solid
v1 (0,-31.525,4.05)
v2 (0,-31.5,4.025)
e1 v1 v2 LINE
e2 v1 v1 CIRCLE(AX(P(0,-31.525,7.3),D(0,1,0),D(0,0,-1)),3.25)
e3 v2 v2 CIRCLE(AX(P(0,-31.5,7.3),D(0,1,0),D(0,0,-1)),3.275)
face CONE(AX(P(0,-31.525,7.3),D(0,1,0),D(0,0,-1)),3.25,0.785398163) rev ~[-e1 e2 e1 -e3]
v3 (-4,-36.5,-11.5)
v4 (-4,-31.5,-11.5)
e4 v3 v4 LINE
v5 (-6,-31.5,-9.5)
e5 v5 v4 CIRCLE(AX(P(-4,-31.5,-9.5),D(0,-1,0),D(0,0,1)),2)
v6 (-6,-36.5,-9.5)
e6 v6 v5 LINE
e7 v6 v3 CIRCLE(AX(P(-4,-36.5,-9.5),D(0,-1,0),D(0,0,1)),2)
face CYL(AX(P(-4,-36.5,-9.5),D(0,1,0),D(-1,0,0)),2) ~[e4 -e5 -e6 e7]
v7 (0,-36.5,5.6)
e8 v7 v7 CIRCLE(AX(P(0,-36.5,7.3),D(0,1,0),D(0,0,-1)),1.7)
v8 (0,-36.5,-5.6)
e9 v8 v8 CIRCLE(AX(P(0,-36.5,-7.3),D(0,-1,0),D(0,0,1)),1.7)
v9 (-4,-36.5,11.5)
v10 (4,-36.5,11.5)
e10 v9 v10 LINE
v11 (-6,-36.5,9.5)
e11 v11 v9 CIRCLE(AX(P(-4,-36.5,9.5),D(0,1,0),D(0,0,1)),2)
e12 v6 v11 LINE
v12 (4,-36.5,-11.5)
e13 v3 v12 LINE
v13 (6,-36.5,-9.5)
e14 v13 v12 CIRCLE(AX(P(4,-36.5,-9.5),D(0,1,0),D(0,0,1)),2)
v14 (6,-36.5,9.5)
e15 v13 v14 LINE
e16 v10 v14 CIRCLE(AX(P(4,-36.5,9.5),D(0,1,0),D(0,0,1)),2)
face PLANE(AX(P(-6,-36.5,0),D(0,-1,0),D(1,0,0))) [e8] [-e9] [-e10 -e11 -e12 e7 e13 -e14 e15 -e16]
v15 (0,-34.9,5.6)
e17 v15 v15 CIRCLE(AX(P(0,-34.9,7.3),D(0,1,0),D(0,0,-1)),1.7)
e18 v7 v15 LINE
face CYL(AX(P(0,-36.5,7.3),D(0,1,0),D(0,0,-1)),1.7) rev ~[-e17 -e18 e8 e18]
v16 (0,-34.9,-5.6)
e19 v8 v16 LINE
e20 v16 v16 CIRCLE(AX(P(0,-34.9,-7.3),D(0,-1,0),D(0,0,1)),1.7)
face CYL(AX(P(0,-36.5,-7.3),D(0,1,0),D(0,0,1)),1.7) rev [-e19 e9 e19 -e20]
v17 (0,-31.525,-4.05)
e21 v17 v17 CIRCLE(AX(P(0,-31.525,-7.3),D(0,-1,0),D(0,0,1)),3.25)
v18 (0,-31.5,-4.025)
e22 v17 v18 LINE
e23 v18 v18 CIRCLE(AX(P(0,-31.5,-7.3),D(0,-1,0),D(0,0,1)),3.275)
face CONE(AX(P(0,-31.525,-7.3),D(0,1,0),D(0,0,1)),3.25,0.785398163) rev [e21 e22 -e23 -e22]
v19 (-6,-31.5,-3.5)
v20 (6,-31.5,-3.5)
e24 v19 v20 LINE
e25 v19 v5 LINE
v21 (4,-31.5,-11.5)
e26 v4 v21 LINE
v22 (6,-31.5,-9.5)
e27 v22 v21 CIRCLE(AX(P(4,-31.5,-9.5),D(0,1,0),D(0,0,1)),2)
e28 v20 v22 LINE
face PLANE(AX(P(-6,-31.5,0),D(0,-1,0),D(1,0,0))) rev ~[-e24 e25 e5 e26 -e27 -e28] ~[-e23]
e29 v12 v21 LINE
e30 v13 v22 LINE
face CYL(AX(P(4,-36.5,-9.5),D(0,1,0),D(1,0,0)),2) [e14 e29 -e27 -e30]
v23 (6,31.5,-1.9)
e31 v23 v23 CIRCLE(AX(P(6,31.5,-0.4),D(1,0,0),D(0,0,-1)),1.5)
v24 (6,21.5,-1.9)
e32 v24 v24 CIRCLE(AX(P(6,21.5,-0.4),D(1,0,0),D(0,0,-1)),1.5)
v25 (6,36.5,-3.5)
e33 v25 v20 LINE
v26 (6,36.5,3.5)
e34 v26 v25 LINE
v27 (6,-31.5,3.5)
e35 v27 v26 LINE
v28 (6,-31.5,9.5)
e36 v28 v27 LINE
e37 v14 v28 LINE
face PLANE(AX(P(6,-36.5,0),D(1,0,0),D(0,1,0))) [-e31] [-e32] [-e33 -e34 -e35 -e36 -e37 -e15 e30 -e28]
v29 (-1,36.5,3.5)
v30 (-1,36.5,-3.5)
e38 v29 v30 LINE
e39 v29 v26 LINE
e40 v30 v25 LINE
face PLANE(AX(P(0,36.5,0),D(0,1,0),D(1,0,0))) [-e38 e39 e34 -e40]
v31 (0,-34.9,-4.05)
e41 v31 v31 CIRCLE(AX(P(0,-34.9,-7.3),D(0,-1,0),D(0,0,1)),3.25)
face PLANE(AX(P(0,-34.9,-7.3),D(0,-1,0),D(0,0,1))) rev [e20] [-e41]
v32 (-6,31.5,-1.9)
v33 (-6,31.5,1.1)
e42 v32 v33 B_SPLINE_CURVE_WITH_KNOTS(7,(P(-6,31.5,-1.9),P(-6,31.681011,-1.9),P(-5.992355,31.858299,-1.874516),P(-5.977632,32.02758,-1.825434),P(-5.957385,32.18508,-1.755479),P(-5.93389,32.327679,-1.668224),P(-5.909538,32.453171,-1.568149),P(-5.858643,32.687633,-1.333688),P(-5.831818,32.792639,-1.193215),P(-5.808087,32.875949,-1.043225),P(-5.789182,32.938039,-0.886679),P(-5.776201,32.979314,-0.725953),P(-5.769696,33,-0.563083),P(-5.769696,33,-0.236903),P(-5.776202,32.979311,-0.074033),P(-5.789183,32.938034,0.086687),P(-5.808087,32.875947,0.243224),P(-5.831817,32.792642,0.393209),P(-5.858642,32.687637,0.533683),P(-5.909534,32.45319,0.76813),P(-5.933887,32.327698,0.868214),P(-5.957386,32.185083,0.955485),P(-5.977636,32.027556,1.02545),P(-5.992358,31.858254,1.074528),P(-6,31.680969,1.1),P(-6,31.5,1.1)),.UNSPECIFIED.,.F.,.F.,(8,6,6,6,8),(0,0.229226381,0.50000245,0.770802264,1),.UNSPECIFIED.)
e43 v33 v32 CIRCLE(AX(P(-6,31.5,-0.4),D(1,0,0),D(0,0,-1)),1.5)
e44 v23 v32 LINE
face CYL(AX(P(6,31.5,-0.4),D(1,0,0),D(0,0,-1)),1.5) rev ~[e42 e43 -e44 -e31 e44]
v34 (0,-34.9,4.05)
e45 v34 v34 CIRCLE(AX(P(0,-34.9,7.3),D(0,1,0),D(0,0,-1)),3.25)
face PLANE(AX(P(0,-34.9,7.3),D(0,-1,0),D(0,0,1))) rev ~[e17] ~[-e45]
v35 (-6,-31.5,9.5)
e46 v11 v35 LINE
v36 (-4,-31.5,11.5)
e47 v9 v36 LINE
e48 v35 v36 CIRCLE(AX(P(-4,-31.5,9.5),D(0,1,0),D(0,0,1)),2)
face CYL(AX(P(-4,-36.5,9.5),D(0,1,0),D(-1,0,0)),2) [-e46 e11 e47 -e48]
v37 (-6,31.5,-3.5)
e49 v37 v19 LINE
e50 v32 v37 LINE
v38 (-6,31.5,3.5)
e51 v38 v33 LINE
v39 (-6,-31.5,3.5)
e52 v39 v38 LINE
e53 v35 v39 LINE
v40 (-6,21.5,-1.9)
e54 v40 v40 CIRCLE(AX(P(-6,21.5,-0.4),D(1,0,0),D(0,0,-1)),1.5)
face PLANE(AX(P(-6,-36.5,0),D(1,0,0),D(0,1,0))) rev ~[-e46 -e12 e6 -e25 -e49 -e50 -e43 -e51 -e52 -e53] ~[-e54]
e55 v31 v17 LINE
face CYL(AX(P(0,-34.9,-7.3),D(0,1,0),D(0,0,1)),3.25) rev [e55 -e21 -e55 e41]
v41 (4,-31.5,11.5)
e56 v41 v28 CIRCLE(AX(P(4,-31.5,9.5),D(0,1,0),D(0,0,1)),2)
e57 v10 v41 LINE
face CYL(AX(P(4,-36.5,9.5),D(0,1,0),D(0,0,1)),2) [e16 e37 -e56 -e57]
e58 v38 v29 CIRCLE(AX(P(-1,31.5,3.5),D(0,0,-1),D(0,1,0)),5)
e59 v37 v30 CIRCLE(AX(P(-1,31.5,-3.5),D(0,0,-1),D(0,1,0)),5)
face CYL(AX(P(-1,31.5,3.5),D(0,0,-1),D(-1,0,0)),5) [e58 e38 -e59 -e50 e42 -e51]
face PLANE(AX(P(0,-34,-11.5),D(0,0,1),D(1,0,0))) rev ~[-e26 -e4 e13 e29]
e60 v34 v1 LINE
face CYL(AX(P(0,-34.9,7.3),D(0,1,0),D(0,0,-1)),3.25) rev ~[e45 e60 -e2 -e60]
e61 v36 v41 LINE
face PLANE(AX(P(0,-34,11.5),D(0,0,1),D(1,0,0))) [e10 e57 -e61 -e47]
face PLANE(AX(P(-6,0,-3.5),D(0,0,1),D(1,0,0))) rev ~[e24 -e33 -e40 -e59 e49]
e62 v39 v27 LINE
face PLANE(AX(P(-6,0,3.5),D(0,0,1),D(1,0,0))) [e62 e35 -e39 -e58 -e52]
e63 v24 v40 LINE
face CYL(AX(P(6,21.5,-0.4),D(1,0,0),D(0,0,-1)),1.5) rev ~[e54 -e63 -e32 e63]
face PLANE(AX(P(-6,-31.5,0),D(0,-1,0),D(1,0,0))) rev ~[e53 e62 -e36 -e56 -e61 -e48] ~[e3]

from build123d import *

# Parameters (mm, degrees)
SKETCH1_W           = 12
SKETCH1_H           = 7
BOSS_EXTRUDE1_DEPTH = 36.5
SKETCH3_W           = 12
SKETCH3_H           = 5
BOSS_EXTRUDE2_DEPTH = 11.5
FILLET1_R           = 2
FILLET2_R           = 5
CUT_EXTRUDE1_REACH  = 14
SKETCH7_R           = 1.5


with BuildPart() as part:
    # Sketch1 → Boss-Extrude1 (new body, symmetric)
    with BuildSketch(Plane(origin=(0, 0, 0), x_dir=(1, 0, 0), z_dir=(0, 1, 0))):
        Rectangle(SKETCH1_W, SKETCH1_H)
    extrude(amount=BOSS_EXTRUDE1_DEPTH, both=True)

    # Sketch3 → Boss-Extrude2 (add, symmetric)
    with BuildSketch(Plane.XY):
        with Locations((0, -34)):
            Rectangle(SKETCH3_W, SKETCH3_H)
    extrude(amount=BOSS_EXTRUDE2_DEPTH, both=True)

    # Fillet1
    fillet1_edges = [part.edges().sort_by_distance(p)[0] for p in [
        (-6, -34, -11.5),
        (6, -34, -11.5),
        (-6, -34, 11.5),
        (6, -34, 11.5),
    ]]
    fillet(fillet1_edges, radius=FILLET1_R)

    # Sketch6 → CBORE for M3 Hex Socket Head Cap Screw1 (revolve, cut)
    with BuildSketch(Plane(origin=(0, -31.5, -7.3), x_dir=(0, 0, 1), z_dir=(1, 0, 0))):
        Polygon((0, 0), (0, 5), (1.7, 5), (1.7, 3.4), (3.25, 3.4), (3.25, 0.025), (3.275, 0), align=None)
    cbore_for_m3_hex_socket_head_cap_screw1 = revolve(axis=Axis((0, -25.15, -7.3), (0, -1, 0)), mode=Mode.SUBTRACT)

    # Mirror1: CBORE for M3 Hex Socket Head Cap Screw1 across plane
    add(cbore_for_m3_hex_socket_head_cap_screw1.mirror(Plane.XY), mode=Mode.SUBTRACT)

    # Fillet2
    fillet2_edges = [part.edges().sort_by_distance(p)[0] for p in [
        (-6, 36.5, 0),
    ]]
    fillet(fillet2_edges, radius=FILLET2_R)

    # Sketch7 → Cut-Extrude1 (cut, up to next)
    with BuildSketch(Plane(origin=(6, 0, 0), x_dir=(0, 0, -1), z_dir=(1, 0, 0)), mode=Mode.PRIVATE) as cut_extrude1_sk1:
        with Locations((0.4, 31.5)):
            Circle(SKETCH7_R)
    cut_extrude1_tool1 = extrude(cut_extrude1_sk1.sketch, amount=-CUT_EXTRUDE1_REACH, mode=Mode.PRIVATE) & part.part
    add(cut_extrude1_tool1.solids().sort_by_distance((6, 31.5, -0.4))[0], mode=Mode.SUBTRACT)
    # Sketch7 → Cut-Extrude1 (cut, up to next)
    with BuildSketch(Plane(origin=(6, 0, 0), x_dir=(0, 0, -1), z_dir=(1, 0, 0)), mode=Mode.PRIVATE) as cut_extrude1_sk2:
        with Locations((0.4, 21.5)):
            Circle(SKETCH7_R)
    cut_extrude1_tool2 = extrude(cut_extrude1_sk2.sketch, amount=-CUT_EXTRUDE1_REACH, mode=Mode.PRIVATE) & part.part
    add(cut_extrude1_tool2.solids().sort_by_distance((6, 21.5, -0.4))[0], mode=Mode.SUBTRACT)


solid = part.part
